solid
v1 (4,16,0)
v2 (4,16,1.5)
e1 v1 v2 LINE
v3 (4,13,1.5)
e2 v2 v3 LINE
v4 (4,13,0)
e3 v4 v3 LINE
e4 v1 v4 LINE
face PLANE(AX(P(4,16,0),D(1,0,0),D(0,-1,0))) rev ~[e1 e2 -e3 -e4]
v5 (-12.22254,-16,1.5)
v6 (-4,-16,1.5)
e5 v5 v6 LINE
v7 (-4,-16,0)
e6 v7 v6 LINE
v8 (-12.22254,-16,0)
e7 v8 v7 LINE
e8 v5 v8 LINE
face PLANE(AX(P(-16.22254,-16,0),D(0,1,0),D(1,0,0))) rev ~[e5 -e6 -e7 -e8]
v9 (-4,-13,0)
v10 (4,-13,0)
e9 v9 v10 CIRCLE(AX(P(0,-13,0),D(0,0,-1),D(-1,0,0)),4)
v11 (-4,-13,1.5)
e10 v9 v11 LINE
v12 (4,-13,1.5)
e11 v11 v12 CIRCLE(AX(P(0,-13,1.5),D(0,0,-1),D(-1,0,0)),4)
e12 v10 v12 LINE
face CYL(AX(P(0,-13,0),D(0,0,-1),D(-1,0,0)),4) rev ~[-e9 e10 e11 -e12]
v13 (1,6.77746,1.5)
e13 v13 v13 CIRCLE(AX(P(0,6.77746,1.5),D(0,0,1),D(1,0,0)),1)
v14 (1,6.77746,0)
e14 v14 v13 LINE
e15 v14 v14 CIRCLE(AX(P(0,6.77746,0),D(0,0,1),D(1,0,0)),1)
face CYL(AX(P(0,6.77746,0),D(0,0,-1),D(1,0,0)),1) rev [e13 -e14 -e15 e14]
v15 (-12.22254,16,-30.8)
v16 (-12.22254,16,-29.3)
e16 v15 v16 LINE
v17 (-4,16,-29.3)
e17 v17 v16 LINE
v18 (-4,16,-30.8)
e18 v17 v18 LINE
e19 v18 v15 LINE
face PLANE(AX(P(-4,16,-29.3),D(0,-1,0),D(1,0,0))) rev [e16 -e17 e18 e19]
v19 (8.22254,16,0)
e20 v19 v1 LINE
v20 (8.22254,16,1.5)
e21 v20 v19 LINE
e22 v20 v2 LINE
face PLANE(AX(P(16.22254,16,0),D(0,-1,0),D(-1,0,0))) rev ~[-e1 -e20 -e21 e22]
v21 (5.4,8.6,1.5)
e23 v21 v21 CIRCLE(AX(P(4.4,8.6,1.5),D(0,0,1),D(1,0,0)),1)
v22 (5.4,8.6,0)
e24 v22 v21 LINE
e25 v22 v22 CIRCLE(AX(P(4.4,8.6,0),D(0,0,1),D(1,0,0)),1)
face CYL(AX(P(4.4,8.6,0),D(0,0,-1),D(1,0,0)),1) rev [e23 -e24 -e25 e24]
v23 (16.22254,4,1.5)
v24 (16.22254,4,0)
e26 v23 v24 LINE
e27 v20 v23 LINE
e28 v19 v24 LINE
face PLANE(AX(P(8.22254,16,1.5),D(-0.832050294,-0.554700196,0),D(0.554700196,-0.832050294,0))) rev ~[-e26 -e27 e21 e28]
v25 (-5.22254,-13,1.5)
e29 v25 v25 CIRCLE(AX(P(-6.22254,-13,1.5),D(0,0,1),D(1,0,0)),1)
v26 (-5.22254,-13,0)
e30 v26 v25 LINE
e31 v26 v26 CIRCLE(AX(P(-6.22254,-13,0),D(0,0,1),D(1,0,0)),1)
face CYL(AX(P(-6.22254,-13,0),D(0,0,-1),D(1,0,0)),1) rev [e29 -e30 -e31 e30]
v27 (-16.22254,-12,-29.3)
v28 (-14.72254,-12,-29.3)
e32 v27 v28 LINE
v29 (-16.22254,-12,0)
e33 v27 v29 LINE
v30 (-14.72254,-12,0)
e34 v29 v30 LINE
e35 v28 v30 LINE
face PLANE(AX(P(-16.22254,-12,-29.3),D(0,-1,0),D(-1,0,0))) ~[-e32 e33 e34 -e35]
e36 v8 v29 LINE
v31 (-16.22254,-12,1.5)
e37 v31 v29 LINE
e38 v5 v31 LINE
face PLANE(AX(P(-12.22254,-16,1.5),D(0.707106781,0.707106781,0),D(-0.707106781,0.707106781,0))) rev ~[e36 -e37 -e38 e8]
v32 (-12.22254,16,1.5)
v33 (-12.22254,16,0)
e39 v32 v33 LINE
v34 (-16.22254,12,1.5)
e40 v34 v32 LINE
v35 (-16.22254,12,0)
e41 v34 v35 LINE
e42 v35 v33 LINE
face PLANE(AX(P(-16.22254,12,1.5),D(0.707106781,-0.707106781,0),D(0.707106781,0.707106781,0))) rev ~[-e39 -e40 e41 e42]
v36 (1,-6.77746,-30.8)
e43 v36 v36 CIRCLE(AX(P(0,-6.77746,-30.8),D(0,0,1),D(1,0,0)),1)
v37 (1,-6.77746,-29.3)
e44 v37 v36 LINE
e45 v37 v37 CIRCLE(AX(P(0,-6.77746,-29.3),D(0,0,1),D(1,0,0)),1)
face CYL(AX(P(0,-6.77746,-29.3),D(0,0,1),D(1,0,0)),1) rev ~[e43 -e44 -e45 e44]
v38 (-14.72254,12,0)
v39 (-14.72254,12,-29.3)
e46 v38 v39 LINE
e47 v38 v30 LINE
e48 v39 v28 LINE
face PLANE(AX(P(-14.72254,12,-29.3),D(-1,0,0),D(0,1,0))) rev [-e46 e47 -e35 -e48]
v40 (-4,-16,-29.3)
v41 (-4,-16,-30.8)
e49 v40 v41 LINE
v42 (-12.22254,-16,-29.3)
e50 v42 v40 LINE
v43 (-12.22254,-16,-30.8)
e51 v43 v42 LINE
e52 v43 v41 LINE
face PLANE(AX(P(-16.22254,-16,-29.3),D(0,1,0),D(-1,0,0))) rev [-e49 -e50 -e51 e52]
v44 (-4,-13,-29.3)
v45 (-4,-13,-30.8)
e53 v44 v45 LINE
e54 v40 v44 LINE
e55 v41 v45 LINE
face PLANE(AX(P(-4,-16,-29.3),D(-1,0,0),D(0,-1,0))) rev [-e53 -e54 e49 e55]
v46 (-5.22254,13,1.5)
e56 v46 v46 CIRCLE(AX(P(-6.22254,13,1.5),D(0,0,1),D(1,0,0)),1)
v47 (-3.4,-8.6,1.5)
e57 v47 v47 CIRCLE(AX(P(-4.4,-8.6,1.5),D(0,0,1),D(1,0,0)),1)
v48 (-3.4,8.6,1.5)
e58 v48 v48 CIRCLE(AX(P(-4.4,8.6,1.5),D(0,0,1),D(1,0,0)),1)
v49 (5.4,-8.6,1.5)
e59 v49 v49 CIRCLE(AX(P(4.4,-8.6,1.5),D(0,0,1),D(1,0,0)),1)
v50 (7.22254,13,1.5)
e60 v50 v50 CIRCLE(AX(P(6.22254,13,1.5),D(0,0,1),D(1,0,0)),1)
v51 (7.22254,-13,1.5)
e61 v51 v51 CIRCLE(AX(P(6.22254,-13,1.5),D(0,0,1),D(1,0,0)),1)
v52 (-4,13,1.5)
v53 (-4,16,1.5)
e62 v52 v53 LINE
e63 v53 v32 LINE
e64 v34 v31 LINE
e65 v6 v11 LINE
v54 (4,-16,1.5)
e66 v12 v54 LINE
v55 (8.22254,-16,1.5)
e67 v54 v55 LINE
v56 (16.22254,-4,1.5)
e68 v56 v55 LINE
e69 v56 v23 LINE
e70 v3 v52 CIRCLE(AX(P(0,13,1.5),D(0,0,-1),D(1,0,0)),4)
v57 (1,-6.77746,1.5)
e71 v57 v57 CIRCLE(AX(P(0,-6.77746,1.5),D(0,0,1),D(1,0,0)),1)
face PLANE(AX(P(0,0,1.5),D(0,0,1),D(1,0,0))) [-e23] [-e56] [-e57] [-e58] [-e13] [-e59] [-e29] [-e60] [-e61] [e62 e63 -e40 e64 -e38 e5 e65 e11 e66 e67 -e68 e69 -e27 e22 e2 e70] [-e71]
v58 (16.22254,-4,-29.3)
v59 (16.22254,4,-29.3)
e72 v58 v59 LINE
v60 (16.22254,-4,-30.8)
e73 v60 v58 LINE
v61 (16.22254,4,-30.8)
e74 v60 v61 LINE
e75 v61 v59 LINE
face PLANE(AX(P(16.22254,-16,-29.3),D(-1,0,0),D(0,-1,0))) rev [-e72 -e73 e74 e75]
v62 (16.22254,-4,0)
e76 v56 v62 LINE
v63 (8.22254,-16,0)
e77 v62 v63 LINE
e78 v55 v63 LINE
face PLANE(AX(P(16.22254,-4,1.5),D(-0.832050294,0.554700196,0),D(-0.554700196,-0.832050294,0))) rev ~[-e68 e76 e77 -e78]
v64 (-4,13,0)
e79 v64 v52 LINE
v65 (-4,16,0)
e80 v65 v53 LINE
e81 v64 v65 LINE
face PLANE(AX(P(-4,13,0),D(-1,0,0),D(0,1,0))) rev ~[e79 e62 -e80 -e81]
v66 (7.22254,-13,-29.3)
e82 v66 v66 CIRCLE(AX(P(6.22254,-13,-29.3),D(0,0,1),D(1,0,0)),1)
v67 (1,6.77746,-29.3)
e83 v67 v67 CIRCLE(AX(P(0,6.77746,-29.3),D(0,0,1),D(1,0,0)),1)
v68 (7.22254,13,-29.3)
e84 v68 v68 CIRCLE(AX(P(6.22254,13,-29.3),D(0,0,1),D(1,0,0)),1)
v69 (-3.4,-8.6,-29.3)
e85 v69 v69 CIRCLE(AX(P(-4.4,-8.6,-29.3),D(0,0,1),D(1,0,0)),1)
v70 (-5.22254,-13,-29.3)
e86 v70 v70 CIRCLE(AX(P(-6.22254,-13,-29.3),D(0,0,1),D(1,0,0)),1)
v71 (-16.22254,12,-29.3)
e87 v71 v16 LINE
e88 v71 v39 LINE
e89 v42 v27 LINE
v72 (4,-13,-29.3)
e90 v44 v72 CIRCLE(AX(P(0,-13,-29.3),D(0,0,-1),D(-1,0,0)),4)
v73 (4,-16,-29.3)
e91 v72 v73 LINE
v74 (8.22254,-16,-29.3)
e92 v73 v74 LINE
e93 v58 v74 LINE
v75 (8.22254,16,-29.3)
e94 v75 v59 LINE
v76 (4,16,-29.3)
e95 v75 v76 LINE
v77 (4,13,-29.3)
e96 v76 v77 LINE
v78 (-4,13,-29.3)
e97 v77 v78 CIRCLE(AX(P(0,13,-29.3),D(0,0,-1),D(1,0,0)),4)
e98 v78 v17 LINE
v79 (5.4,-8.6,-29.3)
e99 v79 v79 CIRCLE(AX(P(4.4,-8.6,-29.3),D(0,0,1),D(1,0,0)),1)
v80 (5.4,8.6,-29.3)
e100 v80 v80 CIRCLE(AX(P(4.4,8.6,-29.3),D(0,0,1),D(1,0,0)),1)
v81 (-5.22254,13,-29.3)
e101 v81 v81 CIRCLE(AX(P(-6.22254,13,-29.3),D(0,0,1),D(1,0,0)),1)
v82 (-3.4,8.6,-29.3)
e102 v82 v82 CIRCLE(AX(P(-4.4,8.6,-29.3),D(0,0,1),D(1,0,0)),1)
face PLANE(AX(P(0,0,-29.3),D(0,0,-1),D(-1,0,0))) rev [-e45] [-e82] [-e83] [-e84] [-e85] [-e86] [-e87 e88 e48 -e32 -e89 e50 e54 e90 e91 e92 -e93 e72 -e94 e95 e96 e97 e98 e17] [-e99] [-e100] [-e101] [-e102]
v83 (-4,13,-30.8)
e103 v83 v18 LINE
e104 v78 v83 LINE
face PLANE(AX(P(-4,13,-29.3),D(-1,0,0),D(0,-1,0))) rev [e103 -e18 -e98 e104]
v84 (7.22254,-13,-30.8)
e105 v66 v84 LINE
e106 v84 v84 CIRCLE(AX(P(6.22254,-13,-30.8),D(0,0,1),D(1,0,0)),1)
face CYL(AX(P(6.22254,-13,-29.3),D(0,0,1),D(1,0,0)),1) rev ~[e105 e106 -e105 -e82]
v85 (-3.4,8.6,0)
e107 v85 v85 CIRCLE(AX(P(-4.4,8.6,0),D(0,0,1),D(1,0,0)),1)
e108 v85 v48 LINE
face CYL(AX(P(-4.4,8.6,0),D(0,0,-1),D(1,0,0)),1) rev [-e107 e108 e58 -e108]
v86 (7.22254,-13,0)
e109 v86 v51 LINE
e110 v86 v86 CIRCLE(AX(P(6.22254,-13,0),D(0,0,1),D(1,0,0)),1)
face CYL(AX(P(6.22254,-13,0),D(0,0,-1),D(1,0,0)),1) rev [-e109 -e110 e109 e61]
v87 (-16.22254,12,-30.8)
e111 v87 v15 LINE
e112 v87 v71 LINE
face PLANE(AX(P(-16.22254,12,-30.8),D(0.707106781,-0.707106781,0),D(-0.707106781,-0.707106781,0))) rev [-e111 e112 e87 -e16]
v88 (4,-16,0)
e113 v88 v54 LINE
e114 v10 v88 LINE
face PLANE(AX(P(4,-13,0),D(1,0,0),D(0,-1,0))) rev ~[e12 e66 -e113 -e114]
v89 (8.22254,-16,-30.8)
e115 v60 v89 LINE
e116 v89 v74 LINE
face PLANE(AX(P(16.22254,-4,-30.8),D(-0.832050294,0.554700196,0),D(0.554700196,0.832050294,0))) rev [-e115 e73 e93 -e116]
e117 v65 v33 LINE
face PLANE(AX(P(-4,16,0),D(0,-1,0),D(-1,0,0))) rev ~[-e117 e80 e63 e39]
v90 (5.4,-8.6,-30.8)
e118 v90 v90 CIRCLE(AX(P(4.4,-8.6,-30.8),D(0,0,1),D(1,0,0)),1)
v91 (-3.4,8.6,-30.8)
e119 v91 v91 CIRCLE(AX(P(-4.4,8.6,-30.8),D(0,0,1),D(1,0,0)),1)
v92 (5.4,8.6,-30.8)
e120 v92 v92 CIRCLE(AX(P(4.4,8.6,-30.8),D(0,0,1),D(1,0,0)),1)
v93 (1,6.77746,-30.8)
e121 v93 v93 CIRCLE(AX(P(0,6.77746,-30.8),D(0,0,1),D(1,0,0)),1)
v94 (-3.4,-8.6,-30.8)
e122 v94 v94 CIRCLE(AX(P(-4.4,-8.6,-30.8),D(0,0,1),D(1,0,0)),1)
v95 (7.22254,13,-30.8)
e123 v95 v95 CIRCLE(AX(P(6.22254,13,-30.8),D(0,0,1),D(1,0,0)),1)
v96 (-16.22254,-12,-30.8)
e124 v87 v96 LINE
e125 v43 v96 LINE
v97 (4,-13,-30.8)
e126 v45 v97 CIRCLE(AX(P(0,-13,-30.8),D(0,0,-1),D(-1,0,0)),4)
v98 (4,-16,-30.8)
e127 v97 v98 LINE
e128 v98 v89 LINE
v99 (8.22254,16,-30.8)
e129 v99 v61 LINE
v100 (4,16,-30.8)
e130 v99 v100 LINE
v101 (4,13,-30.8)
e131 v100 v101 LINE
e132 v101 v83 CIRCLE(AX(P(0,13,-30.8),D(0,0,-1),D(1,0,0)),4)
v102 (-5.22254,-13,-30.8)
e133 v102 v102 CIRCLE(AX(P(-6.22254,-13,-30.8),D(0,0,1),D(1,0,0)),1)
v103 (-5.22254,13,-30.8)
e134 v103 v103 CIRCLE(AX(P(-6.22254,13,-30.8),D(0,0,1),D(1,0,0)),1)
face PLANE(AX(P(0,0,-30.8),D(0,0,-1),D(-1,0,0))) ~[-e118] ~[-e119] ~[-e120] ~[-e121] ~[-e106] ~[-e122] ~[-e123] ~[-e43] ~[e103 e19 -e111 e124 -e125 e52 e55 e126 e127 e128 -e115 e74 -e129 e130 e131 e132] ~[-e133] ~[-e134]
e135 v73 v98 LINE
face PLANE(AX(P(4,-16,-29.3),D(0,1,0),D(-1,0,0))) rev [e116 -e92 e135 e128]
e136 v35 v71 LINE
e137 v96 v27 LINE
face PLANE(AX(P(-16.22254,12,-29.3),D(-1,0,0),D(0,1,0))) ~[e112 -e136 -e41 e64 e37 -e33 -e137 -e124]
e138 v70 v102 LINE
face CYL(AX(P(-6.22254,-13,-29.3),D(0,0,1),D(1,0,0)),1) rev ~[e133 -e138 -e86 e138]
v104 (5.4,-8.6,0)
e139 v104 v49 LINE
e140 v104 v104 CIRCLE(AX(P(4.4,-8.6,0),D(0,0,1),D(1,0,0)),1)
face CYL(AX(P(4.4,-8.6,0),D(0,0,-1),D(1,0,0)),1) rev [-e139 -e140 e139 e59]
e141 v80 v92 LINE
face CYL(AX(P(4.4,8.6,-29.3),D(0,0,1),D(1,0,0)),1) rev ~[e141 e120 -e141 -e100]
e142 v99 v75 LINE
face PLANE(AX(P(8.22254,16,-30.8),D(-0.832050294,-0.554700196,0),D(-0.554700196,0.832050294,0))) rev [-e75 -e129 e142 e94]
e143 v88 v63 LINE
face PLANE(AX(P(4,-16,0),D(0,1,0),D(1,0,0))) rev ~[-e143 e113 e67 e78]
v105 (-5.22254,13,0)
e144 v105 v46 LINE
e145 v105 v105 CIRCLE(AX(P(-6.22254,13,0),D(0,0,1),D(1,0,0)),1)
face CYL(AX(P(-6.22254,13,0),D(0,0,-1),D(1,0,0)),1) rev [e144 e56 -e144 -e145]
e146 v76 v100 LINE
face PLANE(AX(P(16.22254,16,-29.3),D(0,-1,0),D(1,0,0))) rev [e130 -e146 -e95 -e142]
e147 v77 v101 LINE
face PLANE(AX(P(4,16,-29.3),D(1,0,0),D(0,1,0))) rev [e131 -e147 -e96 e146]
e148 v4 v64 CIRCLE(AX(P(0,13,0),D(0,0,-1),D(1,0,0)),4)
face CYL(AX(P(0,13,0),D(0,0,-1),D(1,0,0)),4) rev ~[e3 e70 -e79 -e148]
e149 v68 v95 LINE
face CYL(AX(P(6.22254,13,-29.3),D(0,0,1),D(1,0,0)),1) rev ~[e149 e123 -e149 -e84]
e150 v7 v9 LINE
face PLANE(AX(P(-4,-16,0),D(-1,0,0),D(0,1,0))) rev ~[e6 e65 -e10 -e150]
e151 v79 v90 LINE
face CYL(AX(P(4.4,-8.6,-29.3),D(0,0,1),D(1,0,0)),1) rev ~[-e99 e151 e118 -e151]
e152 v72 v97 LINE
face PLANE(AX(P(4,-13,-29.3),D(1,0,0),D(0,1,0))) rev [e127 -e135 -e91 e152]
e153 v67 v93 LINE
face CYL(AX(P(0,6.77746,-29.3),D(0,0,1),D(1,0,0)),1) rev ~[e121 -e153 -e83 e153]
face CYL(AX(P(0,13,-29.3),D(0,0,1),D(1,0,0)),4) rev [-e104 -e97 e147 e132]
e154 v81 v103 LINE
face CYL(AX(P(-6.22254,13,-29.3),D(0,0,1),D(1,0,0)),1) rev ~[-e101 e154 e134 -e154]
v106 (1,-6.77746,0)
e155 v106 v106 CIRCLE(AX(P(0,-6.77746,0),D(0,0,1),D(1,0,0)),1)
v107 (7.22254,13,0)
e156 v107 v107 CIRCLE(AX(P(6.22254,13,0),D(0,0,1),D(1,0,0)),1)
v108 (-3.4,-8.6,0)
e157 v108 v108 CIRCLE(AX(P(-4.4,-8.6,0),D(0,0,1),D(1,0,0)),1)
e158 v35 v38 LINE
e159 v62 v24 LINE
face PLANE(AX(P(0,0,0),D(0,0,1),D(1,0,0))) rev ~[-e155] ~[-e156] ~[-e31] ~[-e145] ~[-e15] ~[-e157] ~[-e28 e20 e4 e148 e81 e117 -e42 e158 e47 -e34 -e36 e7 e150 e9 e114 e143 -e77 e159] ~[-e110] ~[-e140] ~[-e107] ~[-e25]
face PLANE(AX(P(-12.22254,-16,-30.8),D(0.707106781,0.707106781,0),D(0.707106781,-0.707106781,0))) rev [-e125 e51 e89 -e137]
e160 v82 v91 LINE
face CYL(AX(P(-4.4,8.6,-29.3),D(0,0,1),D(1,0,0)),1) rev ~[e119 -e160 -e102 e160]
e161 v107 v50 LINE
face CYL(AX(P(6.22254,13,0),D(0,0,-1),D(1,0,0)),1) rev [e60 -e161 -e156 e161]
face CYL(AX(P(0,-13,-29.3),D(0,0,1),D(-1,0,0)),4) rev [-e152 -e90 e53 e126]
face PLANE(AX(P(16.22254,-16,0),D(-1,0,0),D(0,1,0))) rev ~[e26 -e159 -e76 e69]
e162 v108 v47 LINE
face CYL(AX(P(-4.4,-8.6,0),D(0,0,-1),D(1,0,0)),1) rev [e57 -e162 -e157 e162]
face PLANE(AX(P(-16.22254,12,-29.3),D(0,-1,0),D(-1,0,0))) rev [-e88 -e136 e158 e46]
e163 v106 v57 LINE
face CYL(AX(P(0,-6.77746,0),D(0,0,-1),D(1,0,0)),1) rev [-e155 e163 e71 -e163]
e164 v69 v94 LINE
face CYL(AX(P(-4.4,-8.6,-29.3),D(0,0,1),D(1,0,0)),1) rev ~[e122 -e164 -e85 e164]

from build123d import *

# Parameters (mm, degrees)
F0_R     = 1
F1_DEPTH = 1.5
F3_DEPTH = 1.5
F4_W     = 1.5
F4_H     = 24
F5_DEPTH = 14.65


with BuildPart() as f1:
    # F0 (on Top) → F1 (new body)
    with BuildSketch(Plane.XY):
        with BuildLine():
            Line((-4, 16), (-16.22254, 16))
            Line((-16.22254, 16), (-16.22254, -16))
            Line((-16.22254, -16), (-4, -16))
            Line((-4, -16), (-4, -13))
            ThreePointArc((-4, -13), (0, -9), (4, -13))
            Line((4, -13), (4, -16))
            Line((4, -16), (16.22254, -16))
            Line((16.22254, -16), (16.22254, 16))
            Line((16.22254, 16), (4, 16))
            Line((4, 16), (4, 13))
            ThreePointArc((4, 13), (0, 9), (-4, 13))
            Line((-4, 13), (-4, 16))
        make_face()
        with Locations((-6.22254, -13)):
            Circle(F0_R, mode=Mode.SUBTRACT)
        with Locations((-4.4, -8.6)):
            Circle(F0_R, mode=Mode.SUBTRACT)
        with Locations((6.22254, -13)):
            Circle(F0_R, mode=Mode.SUBTRACT)
        with Locations((4.4, -8.6)):
            Circle(F0_R, mode=Mode.SUBTRACT)
        with Locations((0, -6.77746)):
            Circle(F0_R, mode=Mode.SUBTRACT)
        with Locations((-4.4, 8.6)):
            Circle(F0_R, mode=Mode.SUBTRACT)
        with Locations((-6.22254, 13)):
            Circle(F0_R, mode=Mode.SUBTRACT)
        with Locations((0, 6.77746)):
            Circle(F0_R, mode=Mode.SUBTRACT)
        with Locations((4.4, 8.6)):
            Circle(F0_R, mode=Mode.SUBTRACT)
        with Locations((6.22254, 13)):
            Circle(F0_R, mode=Mode.SUBTRACT)
    extrude(amount=F1_DEPTH)

    # F2 (on face) → F3 (cut, through all)
    with BuildSketch(Plane.XY.offset(1.5)):
        Polygon((16.22254, 16), (8.22254, 16), (16.22254, 4), align=None)
        Polygon((8.22254, -16), (16.22254, -16), (16.22254, -4), align=None)
        Polygon((-12.22254, 16), (-16.22254, 16), (-16.22254, 12), align=None)
        Polygon((-16.22254, -16), (-12.22254, -16), (-16.22254, -12), align=None)
    extrude(amount=-F3_DEPTH, mode=Mode.SUBTRACT)

    # F4 (on face) → F5 (join)
    with BuildSketch(Plane(origin=(0, 0, 0), x_dir=(1, 0, 0), z_dir=(0, 0, -1))):
        with Locations((-15.47254, 0)):
            Rectangle(F4_W, F4_H)
    extrude(amount=F5_DEPTH)

    # F7: F1 across plane


with BuildPart() as f1_1:
    add(f1.part)
    add(f1.part.mirror(Plane.XY.offset(-14.65)))


solid = f1_1.part
